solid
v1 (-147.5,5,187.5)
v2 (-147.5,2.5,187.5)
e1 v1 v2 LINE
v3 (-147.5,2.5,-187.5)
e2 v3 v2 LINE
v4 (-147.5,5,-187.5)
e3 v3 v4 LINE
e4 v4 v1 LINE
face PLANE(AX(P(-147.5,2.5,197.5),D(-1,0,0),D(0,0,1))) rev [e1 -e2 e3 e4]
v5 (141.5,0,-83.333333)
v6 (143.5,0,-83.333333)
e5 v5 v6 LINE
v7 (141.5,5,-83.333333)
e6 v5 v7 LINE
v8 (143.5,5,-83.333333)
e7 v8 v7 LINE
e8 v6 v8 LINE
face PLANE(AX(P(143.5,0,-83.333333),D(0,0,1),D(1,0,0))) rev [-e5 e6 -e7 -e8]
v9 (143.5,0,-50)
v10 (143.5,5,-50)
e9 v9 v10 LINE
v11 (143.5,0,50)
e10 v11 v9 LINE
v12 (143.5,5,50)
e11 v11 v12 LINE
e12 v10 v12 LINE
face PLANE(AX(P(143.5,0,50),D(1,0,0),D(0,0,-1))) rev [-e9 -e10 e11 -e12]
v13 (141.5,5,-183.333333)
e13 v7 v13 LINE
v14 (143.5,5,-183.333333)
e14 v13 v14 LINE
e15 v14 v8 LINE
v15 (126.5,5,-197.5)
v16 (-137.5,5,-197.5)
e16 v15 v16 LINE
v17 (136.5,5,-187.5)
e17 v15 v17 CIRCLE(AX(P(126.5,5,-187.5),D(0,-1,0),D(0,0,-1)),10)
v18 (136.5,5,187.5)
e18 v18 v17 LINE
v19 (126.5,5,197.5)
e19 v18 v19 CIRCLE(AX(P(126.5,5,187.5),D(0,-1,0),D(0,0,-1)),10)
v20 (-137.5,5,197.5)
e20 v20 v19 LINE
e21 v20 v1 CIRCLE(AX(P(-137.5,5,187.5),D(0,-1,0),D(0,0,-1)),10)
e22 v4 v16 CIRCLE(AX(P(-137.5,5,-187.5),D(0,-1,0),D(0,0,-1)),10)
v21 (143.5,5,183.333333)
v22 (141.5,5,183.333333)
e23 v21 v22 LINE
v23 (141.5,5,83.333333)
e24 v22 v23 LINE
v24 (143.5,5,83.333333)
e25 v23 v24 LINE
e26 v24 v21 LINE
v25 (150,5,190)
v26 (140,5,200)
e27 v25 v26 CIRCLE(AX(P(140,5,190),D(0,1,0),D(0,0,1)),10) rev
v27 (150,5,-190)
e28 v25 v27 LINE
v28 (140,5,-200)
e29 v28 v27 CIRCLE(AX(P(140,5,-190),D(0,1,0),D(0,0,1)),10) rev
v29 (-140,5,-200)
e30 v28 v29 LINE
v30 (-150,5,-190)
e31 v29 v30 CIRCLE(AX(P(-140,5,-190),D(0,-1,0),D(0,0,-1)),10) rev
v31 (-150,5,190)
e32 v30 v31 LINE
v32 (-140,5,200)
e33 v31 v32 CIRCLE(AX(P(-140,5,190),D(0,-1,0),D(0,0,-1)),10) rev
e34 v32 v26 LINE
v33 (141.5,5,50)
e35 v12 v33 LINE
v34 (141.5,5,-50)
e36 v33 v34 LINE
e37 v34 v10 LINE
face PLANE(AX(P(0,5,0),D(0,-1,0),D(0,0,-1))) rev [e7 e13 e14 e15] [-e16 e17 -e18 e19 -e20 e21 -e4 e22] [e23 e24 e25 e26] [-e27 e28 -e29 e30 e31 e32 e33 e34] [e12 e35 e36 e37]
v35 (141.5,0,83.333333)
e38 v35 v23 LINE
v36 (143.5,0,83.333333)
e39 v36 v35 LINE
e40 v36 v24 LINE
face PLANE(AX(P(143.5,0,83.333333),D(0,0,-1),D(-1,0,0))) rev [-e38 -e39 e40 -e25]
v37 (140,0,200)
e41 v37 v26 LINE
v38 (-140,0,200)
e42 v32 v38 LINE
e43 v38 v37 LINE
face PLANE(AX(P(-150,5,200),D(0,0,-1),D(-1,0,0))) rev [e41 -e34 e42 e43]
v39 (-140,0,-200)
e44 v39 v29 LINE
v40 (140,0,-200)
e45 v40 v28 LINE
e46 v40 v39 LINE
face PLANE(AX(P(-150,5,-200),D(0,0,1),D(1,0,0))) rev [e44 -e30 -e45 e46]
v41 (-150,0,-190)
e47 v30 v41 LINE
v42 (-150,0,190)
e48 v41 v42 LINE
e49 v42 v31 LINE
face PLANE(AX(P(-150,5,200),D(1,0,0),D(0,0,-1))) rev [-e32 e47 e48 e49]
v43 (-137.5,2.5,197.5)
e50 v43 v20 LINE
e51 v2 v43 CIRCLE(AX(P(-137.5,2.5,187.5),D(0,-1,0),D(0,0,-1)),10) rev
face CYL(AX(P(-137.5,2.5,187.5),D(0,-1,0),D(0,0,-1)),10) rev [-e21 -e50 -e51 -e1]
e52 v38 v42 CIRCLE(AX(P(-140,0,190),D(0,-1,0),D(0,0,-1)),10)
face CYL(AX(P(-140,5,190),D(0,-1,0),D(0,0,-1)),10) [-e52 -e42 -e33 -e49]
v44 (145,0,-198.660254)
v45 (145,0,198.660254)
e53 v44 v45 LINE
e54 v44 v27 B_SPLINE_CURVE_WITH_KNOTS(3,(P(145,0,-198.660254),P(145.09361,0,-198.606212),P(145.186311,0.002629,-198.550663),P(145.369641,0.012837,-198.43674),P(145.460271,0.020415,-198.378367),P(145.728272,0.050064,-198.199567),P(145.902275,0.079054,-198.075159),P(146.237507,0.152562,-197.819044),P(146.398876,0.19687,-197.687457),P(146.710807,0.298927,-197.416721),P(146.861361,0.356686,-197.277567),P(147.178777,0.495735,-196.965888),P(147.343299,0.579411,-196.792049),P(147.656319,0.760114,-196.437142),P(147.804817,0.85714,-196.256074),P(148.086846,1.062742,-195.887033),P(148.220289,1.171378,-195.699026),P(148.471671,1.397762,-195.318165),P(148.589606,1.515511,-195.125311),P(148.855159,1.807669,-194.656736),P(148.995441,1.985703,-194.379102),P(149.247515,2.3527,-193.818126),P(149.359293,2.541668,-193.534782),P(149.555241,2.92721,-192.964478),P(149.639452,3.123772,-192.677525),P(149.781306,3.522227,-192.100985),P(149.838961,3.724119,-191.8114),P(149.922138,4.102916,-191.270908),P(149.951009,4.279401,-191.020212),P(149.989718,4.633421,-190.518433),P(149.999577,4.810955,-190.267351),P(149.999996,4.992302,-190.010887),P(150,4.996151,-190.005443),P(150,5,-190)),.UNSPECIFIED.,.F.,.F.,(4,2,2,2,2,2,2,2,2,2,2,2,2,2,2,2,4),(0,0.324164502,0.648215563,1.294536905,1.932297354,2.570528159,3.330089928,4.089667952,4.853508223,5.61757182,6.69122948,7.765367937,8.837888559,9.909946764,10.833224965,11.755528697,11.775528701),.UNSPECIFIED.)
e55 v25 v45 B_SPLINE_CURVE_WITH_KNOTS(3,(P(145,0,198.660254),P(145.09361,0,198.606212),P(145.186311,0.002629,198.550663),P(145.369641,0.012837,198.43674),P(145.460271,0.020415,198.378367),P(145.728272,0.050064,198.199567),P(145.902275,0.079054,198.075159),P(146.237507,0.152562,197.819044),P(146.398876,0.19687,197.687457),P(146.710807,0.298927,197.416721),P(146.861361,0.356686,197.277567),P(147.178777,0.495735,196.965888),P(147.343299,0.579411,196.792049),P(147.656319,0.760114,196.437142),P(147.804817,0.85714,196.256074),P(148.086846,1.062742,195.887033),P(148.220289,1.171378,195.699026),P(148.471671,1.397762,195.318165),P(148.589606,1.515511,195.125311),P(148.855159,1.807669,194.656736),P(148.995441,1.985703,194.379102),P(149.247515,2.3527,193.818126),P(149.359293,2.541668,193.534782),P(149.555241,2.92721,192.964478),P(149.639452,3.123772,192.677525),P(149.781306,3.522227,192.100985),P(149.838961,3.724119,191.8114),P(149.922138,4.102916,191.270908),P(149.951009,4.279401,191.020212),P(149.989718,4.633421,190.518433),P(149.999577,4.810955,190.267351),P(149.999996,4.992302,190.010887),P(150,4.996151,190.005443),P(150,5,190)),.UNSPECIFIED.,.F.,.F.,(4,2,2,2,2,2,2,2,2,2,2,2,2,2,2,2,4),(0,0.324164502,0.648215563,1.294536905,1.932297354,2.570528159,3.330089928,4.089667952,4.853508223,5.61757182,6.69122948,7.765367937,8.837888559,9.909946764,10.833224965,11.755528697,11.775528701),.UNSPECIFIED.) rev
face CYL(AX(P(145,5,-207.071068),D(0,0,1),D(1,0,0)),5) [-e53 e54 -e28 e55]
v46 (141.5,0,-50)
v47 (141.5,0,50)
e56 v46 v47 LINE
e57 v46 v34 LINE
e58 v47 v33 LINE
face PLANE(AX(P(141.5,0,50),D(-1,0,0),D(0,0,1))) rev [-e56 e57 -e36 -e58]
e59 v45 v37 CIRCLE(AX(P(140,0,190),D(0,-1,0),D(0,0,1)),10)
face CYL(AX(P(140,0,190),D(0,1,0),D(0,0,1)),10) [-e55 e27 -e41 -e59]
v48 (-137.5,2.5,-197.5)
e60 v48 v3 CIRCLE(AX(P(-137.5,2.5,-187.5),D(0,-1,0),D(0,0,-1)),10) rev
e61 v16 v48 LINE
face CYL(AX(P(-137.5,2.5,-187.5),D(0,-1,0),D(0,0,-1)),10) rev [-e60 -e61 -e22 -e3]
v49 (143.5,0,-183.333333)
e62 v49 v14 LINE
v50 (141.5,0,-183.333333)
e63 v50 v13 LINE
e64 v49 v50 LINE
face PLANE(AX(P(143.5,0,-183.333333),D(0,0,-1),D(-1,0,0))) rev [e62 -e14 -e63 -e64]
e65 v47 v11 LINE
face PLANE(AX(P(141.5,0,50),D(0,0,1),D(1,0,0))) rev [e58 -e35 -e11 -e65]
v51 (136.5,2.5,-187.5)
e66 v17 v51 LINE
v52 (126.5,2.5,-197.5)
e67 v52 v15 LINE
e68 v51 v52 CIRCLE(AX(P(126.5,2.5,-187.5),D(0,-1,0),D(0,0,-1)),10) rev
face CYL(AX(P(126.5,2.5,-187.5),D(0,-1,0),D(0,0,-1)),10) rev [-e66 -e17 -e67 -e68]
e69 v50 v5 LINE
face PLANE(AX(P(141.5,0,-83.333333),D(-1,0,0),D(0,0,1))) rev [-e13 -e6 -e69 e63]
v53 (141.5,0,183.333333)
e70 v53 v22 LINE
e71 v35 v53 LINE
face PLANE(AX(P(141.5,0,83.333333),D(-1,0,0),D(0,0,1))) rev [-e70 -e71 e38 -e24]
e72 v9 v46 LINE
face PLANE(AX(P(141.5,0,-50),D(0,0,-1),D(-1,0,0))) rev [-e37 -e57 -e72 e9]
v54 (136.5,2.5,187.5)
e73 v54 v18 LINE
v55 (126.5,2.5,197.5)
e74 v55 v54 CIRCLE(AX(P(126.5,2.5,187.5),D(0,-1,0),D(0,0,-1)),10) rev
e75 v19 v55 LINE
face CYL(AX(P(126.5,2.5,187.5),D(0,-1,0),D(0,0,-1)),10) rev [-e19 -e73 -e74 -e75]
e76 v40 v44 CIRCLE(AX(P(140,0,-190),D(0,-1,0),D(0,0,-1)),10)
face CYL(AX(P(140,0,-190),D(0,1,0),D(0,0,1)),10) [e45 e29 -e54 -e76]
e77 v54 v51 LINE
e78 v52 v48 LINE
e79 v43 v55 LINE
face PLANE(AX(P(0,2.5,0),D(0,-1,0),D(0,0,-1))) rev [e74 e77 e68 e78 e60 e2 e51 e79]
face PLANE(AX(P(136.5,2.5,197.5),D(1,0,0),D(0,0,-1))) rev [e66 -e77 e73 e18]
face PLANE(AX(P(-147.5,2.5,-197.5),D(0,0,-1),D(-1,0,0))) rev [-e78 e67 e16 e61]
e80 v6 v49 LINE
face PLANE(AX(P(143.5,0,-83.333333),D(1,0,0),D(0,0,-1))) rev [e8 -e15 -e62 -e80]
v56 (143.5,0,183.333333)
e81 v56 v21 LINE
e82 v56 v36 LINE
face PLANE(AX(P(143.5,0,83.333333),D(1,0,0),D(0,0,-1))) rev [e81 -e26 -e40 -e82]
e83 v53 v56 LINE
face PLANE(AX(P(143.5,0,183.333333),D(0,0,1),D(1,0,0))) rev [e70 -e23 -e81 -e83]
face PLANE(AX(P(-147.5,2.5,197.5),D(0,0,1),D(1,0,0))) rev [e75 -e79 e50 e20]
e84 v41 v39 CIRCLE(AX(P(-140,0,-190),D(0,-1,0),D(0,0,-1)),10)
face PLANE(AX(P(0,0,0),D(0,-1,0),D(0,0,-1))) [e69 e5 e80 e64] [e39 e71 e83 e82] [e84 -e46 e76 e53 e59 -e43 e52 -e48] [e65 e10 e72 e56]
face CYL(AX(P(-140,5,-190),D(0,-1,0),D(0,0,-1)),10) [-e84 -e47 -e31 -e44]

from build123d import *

# Parameters (mm, degrees)
SKETCH1_W               = 300
SKETCH1_H               = 400
BOSS_EXTRUDE1_DEPTH     = 5
CUT_EXTRUDE2_DEPTH      = 400
CUT_EXTRUDE3_DEPTH      = 251.049995001
CUT_EXTRUDE3_DEPTH_BACK = 251.049995001
SKETCH7_W               = 2
SKETCH7_H               = 100
SKETCH8_W               = 284
SKETCH8_H               = 395
CUT_EXTRUDE4_DEPTH      = 2.5
FILLET1_R               = 10
CUT_EXTRUDE5_DEPTH      = 251.049995001
CUT_EXTRUDE5_DEPTH_BACK = 251.049995001


with BuildPart() as part:
    # Sketch1 → Boss-Extrude1 (new body)
    with BuildSketch(Plane(origin=(0, 0, 0), x_dir=(1, 0, 0), z_dir=(0, 1, 0))):
        Rectangle(SKETCH1_W, SKETCH1_H)
    extrude(amount=BOSS_EXTRUDE1_DEPTH)

    # Sketch6 → Cut-Extrude2 (cut)
    with BuildSketch(Plane.XY.offset(200)):
        with BuildLine():
            Line((145, 0), (150, 0))
            Line((150, 0), (150, 5))
            ThreePointArc((150, 5), (148.535533906, 1.464466094), (145, 0))
        make_face()
    extrude(amount=-CUT_EXTRUDE2_DEPTH, mode=Mode.SUBTRACT)

    # Sketch7 → Cut-Extrude3 (cut, two sides: drawn at the far end of the back side and taken through both)
    with BuildSketch(Plane(origin=(0, 5, 0), x_dir=(1, 0, 0), z_dir=(0, 1, 0)).offset(-CUT_EXTRUDE3_DEPTH_BACK)):
        with Locations((142.5, 0)):
            Rectangle(SKETCH7_W, SKETCH7_H)
        with Locations((142.5, 133.333333333)):
            Rectangle(SKETCH7_W, SKETCH7_H)
        with Locations((142.5, -133.333333333)):
            Rectangle(SKETCH7_W, SKETCH7_H)
    extrude(amount=CUT_EXTRUDE3_DEPTH + CUT_EXTRUDE3_DEPTH_BACK, mode=Mode.SUBTRACT)

    # Sketch8 → Cut-Extrude4 (cut)
    with BuildSketch(Plane(origin=(0, 5, 0), x_dir=(1, 0, 0), z_dir=(0, 1, 0))):
        with Locations((-5.5, 0)):
            Rectangle(SKETCH8_W, SKETCH8_H)
    extrude(amount=-CUT_EXTRUDE4_DEPTH, mode=Mode.SUBTRACT)

    # Fillet1
    fillet1_edges = [part.edges().sort_by_distance(p)[0] for p in [
        (-150, 2.5, 200),
        (-150, 2.5, -200),
        (136.5, 3.75, -197.5),
        (136.5, 3.75, 197.5),
        (-147.5, 3.75, 197.5),
        (-147.5, 3.75, -197.5),
    ]]
    fillet(fillet1_edges, radius=FILLET1_R)

    # Sketch9 → Cut-Extrude5 (cut, two sides: drawn at the far end of the back side and taken through both)
    with BuildSketch(Plane(origin=(0, 5, 0), x_dir=(1, 0, 0), z_dir=(0, 1, 0)).offset(-CUT_EXTRUDE5_DEPTH_BACK)):
        with BuildLine():
            Line((140, 200), (150, 200))
            Line((150, 200), (150, 190))
            ThreePointArc((150, 190), (147.071067812, 197.071067812), (140, 200))
        make_face()
        with BuildLine():
            Line((150, -200), (150, -190))
            ThreePointArc((150, -190), (147.071067812, -197.071067812), (140, -200))
            Line((140, -200), (150, -200))
        make_face()
    extrude(amount=CUT_EXTRUDE5_DEPTH + CUT_EXTRUDE5_DEPTH_BACK, mode=Mode.SUBTRACT)


solid = part.part
